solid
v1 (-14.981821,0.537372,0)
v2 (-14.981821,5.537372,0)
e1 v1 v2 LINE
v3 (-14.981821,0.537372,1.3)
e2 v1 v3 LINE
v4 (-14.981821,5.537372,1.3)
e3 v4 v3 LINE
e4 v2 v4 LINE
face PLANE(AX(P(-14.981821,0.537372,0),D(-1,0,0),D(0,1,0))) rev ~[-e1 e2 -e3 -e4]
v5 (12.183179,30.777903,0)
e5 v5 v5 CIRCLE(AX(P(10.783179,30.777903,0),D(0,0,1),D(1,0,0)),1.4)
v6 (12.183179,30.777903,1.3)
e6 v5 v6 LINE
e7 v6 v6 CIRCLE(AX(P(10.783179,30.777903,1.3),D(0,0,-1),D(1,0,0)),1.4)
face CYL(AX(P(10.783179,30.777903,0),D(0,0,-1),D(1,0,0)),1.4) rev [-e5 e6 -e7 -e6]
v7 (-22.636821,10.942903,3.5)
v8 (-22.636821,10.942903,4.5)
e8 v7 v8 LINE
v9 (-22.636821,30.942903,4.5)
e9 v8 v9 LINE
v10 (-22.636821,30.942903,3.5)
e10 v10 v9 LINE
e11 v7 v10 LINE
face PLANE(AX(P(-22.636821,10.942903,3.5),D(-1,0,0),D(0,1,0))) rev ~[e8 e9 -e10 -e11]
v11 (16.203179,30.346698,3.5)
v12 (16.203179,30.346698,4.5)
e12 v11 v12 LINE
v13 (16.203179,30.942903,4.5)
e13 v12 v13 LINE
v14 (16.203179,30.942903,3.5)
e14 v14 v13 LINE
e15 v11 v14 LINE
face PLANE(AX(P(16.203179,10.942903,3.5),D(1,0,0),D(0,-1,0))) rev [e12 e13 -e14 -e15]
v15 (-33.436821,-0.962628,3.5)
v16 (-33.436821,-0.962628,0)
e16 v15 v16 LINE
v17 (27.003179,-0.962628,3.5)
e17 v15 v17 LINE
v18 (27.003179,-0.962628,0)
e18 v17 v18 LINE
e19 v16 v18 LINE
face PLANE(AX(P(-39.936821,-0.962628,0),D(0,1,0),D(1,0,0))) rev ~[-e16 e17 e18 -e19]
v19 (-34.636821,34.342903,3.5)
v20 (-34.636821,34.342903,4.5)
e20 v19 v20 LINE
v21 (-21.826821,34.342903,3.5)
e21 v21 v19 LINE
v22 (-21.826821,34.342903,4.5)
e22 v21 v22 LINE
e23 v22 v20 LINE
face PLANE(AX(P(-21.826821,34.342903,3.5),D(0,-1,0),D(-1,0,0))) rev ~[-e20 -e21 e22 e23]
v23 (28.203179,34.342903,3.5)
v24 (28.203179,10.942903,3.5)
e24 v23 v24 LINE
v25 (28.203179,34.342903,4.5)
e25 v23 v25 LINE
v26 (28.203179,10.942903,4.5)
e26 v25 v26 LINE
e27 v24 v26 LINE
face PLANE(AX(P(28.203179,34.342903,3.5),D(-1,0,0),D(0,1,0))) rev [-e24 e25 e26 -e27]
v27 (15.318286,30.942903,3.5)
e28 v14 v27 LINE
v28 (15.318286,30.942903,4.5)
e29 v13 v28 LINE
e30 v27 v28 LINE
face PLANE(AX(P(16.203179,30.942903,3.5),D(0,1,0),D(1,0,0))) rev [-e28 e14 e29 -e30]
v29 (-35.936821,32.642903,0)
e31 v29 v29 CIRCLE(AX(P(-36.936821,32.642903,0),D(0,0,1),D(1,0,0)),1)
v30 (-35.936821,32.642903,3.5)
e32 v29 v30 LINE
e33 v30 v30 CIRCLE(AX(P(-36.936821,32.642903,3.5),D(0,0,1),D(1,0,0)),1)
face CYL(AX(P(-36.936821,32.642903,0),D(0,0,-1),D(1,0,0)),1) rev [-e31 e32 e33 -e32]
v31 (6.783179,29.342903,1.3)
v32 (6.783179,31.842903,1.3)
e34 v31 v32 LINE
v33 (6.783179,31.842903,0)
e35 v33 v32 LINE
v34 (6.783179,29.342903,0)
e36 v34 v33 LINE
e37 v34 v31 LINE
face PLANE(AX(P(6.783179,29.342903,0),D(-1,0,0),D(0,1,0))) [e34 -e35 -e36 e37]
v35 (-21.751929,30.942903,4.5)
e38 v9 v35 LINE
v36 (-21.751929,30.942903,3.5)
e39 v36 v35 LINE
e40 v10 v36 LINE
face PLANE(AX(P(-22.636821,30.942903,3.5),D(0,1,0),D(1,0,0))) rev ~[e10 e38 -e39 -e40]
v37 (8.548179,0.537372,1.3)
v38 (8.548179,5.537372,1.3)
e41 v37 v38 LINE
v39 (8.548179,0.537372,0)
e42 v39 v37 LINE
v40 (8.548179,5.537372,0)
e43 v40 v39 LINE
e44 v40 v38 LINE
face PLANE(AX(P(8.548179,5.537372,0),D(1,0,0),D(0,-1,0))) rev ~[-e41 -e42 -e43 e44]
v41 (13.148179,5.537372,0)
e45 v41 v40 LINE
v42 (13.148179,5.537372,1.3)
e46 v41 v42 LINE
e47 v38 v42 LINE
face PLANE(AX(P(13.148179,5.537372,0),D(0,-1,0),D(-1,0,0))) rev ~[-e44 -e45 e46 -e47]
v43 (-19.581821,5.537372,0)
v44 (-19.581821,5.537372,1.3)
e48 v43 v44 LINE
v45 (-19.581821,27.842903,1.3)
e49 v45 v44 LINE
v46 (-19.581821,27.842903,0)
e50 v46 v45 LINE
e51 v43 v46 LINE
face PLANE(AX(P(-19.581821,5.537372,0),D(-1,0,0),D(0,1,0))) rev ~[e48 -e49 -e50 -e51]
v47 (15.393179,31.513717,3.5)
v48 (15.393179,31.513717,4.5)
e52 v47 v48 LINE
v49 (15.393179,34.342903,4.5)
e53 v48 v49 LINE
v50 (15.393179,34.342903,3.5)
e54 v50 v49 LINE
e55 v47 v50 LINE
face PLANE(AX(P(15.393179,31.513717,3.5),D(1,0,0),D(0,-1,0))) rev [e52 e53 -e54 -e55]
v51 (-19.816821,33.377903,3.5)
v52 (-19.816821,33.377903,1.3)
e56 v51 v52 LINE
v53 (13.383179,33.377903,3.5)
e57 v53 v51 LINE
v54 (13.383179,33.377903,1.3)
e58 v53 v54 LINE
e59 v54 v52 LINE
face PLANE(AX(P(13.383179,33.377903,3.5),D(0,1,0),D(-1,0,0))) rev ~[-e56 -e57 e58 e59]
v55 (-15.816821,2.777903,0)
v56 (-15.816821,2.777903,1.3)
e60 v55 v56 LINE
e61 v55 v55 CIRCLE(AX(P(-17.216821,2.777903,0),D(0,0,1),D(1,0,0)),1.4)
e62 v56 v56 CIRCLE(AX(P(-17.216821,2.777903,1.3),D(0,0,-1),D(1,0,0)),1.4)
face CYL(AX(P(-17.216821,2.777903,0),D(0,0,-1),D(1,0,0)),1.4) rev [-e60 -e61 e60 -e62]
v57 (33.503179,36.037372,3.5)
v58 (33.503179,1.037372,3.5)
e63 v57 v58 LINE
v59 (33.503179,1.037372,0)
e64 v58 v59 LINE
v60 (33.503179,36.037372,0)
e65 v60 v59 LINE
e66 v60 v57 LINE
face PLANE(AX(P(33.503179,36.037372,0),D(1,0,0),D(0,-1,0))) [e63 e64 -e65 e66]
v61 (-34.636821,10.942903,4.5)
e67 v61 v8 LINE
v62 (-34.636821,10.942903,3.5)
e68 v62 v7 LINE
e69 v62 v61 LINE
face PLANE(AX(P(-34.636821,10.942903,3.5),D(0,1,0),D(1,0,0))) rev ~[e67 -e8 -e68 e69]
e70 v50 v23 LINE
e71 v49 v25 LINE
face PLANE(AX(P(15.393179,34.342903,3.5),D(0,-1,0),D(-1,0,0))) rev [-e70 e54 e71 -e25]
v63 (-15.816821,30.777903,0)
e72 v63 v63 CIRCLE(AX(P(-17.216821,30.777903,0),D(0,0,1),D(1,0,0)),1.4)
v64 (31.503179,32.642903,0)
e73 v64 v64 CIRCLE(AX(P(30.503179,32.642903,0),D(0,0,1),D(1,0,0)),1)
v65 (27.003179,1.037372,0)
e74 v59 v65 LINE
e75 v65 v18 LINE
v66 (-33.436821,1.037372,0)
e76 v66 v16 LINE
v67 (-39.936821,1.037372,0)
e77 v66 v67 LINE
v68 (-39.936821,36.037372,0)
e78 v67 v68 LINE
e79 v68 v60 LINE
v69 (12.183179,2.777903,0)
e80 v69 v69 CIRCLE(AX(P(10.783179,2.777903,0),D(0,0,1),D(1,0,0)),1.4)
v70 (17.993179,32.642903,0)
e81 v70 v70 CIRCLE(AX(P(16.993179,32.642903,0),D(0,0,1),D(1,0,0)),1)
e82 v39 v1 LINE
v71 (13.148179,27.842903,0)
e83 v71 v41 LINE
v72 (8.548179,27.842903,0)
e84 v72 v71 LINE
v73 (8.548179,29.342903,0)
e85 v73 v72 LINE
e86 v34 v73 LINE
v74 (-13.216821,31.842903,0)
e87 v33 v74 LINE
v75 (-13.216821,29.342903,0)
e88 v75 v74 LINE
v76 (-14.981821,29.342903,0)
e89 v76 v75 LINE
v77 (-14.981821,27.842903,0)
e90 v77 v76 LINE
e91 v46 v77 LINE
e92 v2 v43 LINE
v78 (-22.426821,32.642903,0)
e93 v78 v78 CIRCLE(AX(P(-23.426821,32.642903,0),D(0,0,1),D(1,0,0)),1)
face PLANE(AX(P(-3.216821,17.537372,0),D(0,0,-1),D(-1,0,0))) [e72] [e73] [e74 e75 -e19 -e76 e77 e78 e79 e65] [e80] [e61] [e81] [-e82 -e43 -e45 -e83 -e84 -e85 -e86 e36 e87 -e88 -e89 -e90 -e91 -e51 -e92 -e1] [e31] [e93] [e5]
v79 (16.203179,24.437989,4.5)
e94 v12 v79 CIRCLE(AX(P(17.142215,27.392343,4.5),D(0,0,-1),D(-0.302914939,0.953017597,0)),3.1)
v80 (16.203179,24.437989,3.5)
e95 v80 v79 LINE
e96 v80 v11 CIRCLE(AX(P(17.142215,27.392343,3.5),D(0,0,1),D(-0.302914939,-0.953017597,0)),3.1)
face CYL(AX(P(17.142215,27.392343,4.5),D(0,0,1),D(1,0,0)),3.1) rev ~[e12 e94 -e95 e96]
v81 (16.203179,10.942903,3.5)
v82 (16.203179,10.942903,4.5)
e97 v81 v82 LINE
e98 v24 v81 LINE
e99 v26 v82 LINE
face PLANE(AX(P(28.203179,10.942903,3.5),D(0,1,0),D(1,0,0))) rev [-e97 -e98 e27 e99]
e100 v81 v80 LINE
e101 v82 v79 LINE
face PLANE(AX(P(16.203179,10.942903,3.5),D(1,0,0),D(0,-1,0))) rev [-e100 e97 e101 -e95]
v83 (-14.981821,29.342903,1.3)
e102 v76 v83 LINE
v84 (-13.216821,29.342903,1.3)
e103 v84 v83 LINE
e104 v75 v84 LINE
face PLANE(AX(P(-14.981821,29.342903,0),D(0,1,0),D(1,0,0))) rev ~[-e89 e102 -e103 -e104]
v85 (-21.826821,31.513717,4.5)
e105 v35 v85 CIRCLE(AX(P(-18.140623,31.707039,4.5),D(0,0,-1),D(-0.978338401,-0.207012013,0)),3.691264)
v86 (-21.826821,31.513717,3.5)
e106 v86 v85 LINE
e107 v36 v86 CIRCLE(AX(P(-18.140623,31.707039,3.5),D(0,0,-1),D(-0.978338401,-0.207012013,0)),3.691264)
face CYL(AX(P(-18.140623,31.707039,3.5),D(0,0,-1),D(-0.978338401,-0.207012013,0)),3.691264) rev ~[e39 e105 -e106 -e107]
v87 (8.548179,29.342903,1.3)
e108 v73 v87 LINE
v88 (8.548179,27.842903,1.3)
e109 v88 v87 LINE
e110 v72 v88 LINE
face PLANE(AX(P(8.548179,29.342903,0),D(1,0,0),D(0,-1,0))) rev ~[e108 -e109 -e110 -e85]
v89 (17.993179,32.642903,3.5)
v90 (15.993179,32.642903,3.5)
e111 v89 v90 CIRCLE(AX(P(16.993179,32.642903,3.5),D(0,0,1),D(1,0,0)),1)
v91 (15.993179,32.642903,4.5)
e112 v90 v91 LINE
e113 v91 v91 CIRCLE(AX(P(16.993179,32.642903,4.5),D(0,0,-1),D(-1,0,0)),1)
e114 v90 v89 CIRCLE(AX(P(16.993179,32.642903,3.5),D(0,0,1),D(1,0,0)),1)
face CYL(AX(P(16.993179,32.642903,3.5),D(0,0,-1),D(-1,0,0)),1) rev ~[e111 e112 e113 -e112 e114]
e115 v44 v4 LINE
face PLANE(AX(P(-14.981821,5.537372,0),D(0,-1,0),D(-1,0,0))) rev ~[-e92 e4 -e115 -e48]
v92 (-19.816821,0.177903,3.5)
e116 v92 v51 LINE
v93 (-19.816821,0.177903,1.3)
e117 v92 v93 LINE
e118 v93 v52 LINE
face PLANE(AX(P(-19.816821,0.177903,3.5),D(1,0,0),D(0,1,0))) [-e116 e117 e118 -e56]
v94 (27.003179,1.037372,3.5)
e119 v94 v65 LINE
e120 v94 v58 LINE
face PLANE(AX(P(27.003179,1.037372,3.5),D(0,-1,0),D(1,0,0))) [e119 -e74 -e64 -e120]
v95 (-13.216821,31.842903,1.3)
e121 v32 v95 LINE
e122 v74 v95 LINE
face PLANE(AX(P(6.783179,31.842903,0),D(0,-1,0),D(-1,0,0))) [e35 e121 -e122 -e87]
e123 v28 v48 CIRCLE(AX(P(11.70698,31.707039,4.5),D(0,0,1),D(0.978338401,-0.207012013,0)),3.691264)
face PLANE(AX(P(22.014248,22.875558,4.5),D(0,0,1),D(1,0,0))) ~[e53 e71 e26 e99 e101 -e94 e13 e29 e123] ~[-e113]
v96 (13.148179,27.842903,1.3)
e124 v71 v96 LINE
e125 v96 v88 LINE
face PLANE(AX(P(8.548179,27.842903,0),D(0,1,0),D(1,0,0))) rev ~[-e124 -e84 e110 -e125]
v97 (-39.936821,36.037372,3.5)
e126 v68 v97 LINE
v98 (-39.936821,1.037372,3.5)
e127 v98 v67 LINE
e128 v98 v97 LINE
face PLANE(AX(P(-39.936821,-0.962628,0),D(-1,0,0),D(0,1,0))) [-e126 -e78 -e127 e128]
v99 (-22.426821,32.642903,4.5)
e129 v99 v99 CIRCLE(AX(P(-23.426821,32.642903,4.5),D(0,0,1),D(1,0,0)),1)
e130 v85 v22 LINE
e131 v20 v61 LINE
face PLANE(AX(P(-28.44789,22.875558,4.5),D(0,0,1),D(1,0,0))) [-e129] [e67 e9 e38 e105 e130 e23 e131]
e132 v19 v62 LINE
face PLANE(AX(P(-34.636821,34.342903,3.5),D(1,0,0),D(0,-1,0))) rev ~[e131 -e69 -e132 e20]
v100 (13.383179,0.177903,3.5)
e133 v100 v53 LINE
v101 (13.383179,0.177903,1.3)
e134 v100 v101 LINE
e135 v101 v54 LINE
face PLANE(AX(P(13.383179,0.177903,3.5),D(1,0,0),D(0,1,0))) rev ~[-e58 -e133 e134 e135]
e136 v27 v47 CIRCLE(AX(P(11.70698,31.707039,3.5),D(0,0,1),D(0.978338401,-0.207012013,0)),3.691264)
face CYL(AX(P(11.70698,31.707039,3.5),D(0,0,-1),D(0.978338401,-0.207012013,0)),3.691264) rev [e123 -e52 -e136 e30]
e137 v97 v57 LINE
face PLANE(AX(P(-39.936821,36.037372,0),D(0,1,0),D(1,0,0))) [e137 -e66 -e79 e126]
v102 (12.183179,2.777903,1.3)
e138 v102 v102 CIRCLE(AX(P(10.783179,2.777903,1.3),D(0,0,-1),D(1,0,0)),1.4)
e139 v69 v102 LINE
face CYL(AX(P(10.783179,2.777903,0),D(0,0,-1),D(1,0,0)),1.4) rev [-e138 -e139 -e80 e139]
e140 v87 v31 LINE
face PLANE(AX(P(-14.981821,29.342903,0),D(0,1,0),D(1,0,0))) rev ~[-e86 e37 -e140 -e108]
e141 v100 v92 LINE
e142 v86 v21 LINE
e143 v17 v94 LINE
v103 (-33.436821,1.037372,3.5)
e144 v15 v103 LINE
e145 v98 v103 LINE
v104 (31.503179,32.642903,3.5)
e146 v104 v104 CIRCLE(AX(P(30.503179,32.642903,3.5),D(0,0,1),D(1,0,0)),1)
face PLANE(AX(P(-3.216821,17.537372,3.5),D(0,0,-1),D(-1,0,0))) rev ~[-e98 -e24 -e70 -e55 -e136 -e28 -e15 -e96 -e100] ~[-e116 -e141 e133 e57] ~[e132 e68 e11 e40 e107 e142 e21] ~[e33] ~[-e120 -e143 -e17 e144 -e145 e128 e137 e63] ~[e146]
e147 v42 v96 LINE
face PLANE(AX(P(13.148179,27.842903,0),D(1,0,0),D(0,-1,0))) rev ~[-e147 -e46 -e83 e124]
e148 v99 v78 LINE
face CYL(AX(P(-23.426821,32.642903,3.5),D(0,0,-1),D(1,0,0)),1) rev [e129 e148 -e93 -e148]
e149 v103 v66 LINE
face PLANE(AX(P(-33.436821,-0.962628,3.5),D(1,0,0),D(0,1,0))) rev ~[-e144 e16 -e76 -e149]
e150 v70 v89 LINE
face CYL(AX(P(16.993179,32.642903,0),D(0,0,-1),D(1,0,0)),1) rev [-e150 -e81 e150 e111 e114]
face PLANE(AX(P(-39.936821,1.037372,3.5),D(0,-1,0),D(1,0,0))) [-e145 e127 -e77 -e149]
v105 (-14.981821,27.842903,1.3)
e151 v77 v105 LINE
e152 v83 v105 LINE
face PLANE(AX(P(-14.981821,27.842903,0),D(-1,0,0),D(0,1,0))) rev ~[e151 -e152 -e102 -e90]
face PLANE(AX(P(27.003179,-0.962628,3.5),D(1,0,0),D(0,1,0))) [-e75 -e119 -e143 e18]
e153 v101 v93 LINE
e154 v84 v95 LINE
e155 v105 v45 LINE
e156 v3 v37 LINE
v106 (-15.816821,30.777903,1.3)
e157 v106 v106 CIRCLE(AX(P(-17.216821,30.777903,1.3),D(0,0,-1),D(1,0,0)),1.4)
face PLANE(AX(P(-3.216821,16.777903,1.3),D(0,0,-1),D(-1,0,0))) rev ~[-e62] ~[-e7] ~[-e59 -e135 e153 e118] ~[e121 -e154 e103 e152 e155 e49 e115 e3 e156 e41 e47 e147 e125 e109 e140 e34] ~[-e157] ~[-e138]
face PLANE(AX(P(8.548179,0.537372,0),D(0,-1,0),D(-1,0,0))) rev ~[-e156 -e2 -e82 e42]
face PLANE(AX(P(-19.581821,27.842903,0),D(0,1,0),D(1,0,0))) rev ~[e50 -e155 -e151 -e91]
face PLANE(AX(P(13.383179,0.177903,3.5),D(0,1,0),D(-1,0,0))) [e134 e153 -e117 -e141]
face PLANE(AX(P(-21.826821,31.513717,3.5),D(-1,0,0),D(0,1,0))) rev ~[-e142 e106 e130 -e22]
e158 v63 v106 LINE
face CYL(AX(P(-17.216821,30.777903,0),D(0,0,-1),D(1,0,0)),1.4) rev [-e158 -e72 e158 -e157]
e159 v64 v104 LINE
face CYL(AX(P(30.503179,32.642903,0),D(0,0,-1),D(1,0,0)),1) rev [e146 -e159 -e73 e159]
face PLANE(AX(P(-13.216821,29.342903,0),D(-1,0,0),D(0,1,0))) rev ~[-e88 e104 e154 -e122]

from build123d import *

# Parameters (mm, degrees)
SKETCH3_R           = 1.4
SKETCH3_R_2         = 1
BOSS_EXTRUDE1_DEPTH = 3.5
SKETCH9_W           = 33.2
SKETCH9_H           = 33.2
CUT_EXTRUDE1_DEPTH  = 2.2
SKETCH10_W          = 20
SKETCH10_H          = 2.5
CUT_EXTRUDE2_DEPTH  = 1.75
SKETCH11_R          = 1
BOSS_EXTRUDE2_DEPTH = 1
SKETCH14_R          = 3.1
CUT_EXTRUDE3_DEPTH  = 1
SKETCH15_W          = 6.5
SKETCH15_H          = 2
CUT_EXTRUDE4_DEPTH  = 54.906325173


with BuildPart() as part:
    # Sketch3 → Boss-Extrude1 (new body)
    with BuildSketch(Plane.XY):
        Polygon((-39.936821352, -0.962627815), (-39.936821352, 36.037372185), (33.503178648, 36.037372185), (33.503178648, -0.962627815), (7.298178648, -0.962627815), (-14.831821352, -0.962627815), align=None)
        with Locations((-17.216821352, 30.777902568)):
            Circle(SKETCH3_R, mode=Mode.SUBTRACT)
        with Locations((-36.936821352, 32.642902568)):
            Circle(SKETCH3_R_2, mode=Mode.SUBTRACT)
        with Locations((-23.426821352, 32.642902568)):
            Circle(SKETCH3_R_2, mode=Mode.SUBTRACT)
        with Locations((16.993178648, 32.642902568)):
            Circle(SKETCH3_R_2, mode=Mode.SUBTRACT)
        with Locations((30.503178648, 32.642902568)):
            Circle(SKETCH3_R_2, mode=Mode.SUBTRACT)
        with Locations((-17.216821352, 2.777902568)):
            Circle(SKETCH3_R, mode=Mode.SUBTRACT)
        with Locations((10.783178648, 30.777902568)):
            Circle(SKETCH3_R, mode=Mode.SUBTRACT)
        with Locations((10.783178648, 2.777902568)):
            Circle(SKETCH3_R, mode=Mode.SUBTRACT)
        Polygon((-14.981821352, 0.537372185), (-14.981821352, 5.537372185), (-19.581821352, 5.537372185), (-19.581821352, 27.842902568), (-14.981821352, 27.842902568), (-14.981821352, 29.342902568), (8.548178648, 29.342902568), (8.548178648, 27.842902568), (13.148178648, 27.842902568), (13.148178648, 5.537372185), (8.548178648, 5.537372185), (8.548178648, 0.537372185), align=None, mode=Mode.SUBTRACT)
    extrude(amount=BOSS_EXTRUDE1_DEPTH)

    # Sketch9 → Cut-Extrude1 (cut)
    with BuildSketch(Plane(origin=(0, 0, 3.5), x_dir=(-1, 0, 0), z_dir=(0, 0, -1))):
        with Locations((3.216821352, 16.777902568)):
            Rectangle(SKETCH9_W, SKETCH9_H)
    extrude(amount=CUT_EXTRUDE1_DEPTH, mode=Mode.SUBTRACT)

    # Sketch10 → Cut-Extrude2 (cut)
    with BuildSketch(Plane(origin=(0, 0, 0), x_dir=(-1, 0, 0), z_dir=(0, 0, -1))):
        with Locations((3.216821352, 30.592902568)):
            Rectangle(SKETCH10_W, SKETCH10_H)
    extrude(amount=-CUT_EXTRUDE2_DEPTH, mode=Mode.SUBTRACT)

    # Sketch11 → Boss-Extrude2 (add)
    with BuildSketch(Plane.XY.offset(3.5)):
        with BuildLine():
            Line((-34.636821352, 30.942902568), (-34.636821352, 10.942902568))
            Line((-34.636821352, 10.942902568), (-22.636821352, 10.942902568))
            Line((-22.636821352, 10.942902568), (-22.636821352, 30.942902568))
            Line((-22.636821352, 30.942902568), (-21.751928528, 30.942902568))
            ThreePointArc((-21.751928528, 30.942902568), (-21.800520269, 31.226847518), (-21.826821352, 31.513717078))
            Line((-21.826821352, 31.513717078), (-21.826821352, 34.342902568))
            Line((-21.826821352, 34.342902568), (-34.636821352, 34.342902568))
            Line((-34.636821352, 34.342902568), (-34.636821352, 30.942902568))
        make_face()
        with Locations((-23.426821352, 32.642902568)):
            Circle(SKETCH11_R, mode=Mode.SUBTRACT)
    boss_extrude2 = extrude(amount=BOSS_EXTRUDE2_DEPTH)

    # Mirror1: Boss-Extrude2 across plane
    add(boss_extrude2.mirror(Plane.ZY.offset(3.216821352)))

    # Sketch14 → Cut-Extrude3 (cut)
    with BuildSketch(Plane.XY.offset(4.5)):
        with Locations((17.142214959, 27.392343087)):
            Circle(SKETCH14_R)
    extrude(amount=-CUT_EXTRUDE3_DEPTH, mode=Mode.SUBTRACT)

    # Sketch15 → Cut-Extrude4 (cut, through all)
    with BuildSketch(Plane.XY.offset(3.5)):
        with Locations((-36.686821352, 0.037372185)):
            Rectangle(SKETCH15_W, SKETCH15_H)
        with Locations((30.253178648, 0.037372185)):
            Rectangle(SKETCH15_W, SKETCH15_H)
    extrude(amount=-CUT_EXTRUDE4_DEPTH, mode=Mode.SUBTRACT)


solid = part.part
